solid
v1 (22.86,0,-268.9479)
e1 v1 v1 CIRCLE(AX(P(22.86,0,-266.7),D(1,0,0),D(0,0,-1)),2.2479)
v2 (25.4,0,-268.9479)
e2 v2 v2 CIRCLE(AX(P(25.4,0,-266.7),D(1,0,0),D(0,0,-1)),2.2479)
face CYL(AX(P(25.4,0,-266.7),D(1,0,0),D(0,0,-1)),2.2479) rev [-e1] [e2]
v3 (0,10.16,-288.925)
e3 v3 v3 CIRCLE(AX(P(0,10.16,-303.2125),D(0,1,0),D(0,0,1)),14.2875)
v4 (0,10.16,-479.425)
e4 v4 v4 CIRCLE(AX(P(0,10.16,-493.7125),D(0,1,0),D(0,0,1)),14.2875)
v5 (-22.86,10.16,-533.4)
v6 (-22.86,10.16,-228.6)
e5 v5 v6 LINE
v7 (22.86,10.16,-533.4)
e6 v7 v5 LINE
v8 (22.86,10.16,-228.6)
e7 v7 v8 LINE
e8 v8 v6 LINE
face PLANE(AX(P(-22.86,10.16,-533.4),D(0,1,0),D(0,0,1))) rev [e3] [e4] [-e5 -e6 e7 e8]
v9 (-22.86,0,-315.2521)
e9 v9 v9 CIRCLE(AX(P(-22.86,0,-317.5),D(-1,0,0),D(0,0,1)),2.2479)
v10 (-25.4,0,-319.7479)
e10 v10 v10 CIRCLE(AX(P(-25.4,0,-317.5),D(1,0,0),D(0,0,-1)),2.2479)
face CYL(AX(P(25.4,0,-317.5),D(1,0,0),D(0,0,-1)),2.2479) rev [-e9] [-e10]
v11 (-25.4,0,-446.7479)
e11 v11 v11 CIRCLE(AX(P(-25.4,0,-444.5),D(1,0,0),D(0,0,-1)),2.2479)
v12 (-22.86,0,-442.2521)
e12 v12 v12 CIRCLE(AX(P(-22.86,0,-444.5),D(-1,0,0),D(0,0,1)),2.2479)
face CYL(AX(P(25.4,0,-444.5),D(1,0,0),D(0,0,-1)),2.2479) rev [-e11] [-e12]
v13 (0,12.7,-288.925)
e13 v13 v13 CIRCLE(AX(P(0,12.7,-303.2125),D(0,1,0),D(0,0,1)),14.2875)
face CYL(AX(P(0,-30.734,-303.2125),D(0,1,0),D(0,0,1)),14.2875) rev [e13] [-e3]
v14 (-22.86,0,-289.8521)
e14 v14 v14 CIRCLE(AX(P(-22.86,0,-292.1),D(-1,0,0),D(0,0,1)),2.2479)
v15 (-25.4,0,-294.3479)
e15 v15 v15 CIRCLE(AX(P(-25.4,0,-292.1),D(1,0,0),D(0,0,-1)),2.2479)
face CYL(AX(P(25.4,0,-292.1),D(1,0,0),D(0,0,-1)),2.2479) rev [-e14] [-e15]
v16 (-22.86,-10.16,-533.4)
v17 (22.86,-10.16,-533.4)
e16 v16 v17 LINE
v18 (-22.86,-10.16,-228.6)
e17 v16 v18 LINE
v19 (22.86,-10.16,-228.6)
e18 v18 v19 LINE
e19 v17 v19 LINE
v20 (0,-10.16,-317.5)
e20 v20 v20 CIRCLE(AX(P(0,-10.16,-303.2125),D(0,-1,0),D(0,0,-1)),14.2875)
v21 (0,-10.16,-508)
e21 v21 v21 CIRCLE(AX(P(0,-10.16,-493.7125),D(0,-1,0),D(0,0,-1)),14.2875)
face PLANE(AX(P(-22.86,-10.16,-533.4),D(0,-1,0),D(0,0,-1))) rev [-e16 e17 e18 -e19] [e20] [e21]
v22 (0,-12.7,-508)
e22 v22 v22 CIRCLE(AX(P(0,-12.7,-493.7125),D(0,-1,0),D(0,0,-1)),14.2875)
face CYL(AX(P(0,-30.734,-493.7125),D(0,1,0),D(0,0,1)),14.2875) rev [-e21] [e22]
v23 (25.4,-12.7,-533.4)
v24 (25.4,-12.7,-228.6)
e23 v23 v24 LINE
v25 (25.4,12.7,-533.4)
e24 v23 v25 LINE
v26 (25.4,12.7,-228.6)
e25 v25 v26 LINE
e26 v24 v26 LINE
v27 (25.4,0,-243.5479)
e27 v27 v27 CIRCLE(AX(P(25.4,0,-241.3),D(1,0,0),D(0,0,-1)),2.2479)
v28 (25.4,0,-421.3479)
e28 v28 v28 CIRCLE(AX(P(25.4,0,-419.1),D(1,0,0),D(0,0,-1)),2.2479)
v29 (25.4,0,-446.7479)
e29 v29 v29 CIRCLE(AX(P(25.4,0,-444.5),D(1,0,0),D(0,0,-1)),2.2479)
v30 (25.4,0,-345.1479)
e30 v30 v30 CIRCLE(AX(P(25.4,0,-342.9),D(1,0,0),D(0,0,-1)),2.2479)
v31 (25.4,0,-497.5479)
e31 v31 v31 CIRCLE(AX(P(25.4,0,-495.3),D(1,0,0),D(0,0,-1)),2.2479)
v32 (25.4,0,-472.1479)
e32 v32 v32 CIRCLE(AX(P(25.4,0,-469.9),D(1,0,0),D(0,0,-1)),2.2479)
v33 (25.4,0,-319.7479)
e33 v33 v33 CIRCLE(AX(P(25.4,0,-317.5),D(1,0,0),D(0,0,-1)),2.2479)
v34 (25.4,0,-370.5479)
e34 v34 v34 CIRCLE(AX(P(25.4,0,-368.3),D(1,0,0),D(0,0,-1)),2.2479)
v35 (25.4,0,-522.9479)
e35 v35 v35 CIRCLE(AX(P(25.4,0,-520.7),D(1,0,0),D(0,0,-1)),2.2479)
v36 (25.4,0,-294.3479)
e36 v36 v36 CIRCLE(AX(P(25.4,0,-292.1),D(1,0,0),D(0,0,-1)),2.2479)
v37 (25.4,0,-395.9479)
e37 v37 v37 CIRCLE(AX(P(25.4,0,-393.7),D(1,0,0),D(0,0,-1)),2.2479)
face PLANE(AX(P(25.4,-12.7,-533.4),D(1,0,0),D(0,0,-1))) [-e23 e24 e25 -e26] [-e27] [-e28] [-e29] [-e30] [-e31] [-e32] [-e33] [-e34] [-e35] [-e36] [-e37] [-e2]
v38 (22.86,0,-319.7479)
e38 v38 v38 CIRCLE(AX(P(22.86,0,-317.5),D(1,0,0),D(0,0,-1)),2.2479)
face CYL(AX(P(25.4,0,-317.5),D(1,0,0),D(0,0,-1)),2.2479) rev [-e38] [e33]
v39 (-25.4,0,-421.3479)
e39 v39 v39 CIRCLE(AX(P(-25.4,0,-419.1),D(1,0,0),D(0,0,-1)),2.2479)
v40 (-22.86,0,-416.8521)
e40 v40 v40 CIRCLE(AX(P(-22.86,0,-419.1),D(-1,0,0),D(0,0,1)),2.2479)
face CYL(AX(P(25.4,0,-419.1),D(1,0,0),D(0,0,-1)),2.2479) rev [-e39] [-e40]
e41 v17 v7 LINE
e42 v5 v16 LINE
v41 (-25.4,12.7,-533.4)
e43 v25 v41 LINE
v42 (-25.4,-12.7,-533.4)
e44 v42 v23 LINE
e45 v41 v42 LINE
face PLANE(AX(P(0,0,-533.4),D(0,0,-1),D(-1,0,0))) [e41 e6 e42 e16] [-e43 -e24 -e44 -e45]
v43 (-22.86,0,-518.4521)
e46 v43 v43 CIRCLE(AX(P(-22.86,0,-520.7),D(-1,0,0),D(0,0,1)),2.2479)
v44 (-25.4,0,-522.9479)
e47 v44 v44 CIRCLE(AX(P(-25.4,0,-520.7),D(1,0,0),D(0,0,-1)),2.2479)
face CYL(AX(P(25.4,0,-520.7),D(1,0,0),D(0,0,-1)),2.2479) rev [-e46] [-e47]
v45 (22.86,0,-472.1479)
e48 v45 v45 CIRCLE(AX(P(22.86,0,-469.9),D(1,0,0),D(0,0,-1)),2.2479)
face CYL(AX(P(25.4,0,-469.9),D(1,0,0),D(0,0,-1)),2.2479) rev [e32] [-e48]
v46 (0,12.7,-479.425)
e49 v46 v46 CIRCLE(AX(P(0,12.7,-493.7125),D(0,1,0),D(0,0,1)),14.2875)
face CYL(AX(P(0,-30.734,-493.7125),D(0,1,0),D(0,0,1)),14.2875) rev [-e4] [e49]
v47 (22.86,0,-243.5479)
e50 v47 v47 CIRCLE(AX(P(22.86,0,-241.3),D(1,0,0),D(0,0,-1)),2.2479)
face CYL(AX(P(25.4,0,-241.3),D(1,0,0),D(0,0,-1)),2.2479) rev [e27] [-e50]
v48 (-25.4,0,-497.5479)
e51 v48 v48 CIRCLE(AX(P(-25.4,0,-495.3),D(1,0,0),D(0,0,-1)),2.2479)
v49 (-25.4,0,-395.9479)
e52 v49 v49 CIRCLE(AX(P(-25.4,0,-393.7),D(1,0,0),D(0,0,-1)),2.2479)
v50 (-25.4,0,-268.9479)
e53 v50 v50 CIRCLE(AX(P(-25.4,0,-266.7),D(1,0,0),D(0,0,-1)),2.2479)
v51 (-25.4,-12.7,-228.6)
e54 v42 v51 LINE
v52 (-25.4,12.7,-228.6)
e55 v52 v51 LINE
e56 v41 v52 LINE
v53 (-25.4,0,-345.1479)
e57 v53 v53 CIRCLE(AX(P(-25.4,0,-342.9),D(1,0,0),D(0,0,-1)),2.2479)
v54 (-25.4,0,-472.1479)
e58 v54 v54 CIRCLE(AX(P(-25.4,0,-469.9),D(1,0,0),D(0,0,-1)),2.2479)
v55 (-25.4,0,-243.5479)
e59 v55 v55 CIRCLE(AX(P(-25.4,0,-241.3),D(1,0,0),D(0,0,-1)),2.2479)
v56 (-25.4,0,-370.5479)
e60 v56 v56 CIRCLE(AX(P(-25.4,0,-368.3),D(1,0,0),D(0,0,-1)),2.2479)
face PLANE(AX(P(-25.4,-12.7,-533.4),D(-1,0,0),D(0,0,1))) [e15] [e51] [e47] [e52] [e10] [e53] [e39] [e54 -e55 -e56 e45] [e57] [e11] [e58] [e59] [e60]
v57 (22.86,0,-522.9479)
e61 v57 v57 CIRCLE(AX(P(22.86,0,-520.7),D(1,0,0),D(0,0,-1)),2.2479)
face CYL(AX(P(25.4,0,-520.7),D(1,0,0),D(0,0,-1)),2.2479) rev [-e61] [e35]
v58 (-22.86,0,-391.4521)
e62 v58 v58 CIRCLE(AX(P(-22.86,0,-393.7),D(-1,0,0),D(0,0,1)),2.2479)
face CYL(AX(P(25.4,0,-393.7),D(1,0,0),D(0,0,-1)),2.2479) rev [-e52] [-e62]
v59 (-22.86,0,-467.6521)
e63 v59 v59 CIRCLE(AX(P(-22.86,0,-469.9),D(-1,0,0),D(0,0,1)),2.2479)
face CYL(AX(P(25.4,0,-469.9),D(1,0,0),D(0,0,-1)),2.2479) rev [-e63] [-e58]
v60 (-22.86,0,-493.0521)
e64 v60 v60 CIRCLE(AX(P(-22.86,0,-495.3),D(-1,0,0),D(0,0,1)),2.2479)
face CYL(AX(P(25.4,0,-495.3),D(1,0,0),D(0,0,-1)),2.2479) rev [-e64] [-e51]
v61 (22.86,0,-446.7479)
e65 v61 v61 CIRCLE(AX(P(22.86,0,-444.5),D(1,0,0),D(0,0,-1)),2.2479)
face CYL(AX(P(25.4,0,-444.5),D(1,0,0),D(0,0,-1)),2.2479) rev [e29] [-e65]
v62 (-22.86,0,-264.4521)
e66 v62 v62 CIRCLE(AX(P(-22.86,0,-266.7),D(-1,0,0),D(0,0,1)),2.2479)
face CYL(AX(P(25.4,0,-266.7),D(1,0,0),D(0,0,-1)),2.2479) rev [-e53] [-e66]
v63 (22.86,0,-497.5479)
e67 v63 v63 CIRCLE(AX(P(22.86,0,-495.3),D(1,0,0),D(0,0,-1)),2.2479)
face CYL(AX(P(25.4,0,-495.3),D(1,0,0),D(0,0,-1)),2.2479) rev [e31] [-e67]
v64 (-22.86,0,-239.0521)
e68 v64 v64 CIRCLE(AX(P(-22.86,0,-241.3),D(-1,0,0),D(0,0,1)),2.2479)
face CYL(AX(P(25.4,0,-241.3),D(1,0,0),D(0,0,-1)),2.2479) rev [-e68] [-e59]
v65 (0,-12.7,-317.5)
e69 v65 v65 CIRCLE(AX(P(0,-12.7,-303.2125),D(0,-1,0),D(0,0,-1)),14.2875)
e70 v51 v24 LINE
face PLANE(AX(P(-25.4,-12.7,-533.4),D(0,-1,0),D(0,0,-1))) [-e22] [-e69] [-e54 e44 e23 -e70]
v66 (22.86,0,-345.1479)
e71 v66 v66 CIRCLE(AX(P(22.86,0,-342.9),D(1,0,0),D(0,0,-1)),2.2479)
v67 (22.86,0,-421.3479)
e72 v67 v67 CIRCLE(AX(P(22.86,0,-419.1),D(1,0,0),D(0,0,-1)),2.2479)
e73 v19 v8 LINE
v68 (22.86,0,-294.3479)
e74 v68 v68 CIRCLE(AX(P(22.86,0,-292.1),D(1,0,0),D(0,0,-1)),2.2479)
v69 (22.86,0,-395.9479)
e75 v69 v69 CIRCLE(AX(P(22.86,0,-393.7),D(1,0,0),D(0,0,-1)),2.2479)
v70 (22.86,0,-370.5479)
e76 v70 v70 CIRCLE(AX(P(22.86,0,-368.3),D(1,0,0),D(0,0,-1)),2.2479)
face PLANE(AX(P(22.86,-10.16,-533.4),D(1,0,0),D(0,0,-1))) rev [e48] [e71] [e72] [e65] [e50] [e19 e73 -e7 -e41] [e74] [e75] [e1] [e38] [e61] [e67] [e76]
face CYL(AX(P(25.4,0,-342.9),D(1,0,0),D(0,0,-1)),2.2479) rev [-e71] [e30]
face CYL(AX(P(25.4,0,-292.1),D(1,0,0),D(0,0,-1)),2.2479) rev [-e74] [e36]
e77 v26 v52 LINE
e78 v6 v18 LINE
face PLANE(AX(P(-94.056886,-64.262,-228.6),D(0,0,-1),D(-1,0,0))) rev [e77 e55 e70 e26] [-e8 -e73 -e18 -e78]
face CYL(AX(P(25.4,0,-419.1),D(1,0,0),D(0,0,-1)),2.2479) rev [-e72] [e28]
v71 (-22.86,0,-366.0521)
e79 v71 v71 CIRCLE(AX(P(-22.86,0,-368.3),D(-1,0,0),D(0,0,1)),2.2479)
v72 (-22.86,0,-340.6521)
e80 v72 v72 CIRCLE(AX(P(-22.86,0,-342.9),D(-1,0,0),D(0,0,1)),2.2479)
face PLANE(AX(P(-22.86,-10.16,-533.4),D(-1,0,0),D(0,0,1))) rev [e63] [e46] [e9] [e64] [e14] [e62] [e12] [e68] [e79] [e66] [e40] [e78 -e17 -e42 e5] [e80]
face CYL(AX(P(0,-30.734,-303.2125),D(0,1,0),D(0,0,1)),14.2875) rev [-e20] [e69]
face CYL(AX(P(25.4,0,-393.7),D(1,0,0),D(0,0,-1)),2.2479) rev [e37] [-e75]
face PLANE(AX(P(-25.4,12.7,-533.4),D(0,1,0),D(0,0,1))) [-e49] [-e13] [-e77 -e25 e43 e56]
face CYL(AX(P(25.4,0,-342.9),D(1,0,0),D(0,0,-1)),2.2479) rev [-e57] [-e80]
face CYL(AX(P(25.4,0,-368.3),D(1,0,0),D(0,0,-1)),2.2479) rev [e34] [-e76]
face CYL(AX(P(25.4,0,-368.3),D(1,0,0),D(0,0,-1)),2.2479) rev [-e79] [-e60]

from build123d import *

# Parameters (mm, degrees)
SKETCH1_W             = 50.8
SKETCH1_H             = 25.4
SKETCH1_W_2           = 45.72
SKETCH1_H_2           = 20.32
BOSS_EXTRUDE1_DEPTH   = 533.4
F_8_CLEARANCE_HOLE1_D = 4.4958
CUT_EXTRUDE2_DEPTH    = 76.962
SKETCH5_R             = 14.2875
CUT_EXTRUDE3_DEPTH    = 43.434


with BuildPart() as part:
    # Sketch1 → Boss-Extrude1 (new body)
    with BuildSketch(Plane.XY):
        Rectangle(SKETCH1_W, SKETCH1_H)
        Rectangle(SKETCH1_W_2, SKETCH1_H_2, mode=Mode.SUBTRACT)
    extrude(amount=-BOSS_EXTRUDE1_DEPTH)

    # #8 Clearance Hole1 (through all)
    with Locations(Plane(origin=(25.4, 0, 0), x_dir=(0, 0, -1), z_dir=(1, 0, 0))):
        with Locations((12.7, 0), (38.1, 0), (63.5, 0), (88.9, 0), (114.3, 0), (139.7, 0), (165.1, 0), (190.5, 0), (215.9, 0), (241.3, 0), (266.7, 0), (292.1, 0), (317.5, 0), (342.9, 0), (368.3, 0), (393.7, 0), (419.1, 0), (444.5, 0), (469.9, 0), (495.3, 0), (520.7, 0)):
            Hole(F_8_CLEARANCE_HOLE1_D / 2)

    # Sketch4 → Cut-Extrude2 (cut)
    with BuildSketch(Plane(origin=(0, 12.7, 0), x_dir=(1, 0, 0), z_dir=(0, 1, 0))):
        Polygon((-7.206301081, 228.6), (135.513081356, 228.6), (135.513081356, -17.641370014), (-94.056886123, -17.641370014), (-94.056886123, 228.6), align=None)
    extrude(amount=-CUT_EXTRUDE2_DEPTH, mode=Mode.SUBTRACT)

    # Sketch5 → Cut-Extrude3 (cut)
    with BuildSketch(Plane(origin=(0, 12.7, 0), x_dir=(1, 0, 0), z_dir=(0, 1, 0))):
        with Locations((0, 493.7125)):
            Circle(SKETCH5_R)
        with Locations((0, 303.2125)):
            Circle(SKETCH5_R)
    extrude(amount=-CUT_EXTRUDE3_DEPTH, mode=Mode.SUBTRACT)


solid = part.part
